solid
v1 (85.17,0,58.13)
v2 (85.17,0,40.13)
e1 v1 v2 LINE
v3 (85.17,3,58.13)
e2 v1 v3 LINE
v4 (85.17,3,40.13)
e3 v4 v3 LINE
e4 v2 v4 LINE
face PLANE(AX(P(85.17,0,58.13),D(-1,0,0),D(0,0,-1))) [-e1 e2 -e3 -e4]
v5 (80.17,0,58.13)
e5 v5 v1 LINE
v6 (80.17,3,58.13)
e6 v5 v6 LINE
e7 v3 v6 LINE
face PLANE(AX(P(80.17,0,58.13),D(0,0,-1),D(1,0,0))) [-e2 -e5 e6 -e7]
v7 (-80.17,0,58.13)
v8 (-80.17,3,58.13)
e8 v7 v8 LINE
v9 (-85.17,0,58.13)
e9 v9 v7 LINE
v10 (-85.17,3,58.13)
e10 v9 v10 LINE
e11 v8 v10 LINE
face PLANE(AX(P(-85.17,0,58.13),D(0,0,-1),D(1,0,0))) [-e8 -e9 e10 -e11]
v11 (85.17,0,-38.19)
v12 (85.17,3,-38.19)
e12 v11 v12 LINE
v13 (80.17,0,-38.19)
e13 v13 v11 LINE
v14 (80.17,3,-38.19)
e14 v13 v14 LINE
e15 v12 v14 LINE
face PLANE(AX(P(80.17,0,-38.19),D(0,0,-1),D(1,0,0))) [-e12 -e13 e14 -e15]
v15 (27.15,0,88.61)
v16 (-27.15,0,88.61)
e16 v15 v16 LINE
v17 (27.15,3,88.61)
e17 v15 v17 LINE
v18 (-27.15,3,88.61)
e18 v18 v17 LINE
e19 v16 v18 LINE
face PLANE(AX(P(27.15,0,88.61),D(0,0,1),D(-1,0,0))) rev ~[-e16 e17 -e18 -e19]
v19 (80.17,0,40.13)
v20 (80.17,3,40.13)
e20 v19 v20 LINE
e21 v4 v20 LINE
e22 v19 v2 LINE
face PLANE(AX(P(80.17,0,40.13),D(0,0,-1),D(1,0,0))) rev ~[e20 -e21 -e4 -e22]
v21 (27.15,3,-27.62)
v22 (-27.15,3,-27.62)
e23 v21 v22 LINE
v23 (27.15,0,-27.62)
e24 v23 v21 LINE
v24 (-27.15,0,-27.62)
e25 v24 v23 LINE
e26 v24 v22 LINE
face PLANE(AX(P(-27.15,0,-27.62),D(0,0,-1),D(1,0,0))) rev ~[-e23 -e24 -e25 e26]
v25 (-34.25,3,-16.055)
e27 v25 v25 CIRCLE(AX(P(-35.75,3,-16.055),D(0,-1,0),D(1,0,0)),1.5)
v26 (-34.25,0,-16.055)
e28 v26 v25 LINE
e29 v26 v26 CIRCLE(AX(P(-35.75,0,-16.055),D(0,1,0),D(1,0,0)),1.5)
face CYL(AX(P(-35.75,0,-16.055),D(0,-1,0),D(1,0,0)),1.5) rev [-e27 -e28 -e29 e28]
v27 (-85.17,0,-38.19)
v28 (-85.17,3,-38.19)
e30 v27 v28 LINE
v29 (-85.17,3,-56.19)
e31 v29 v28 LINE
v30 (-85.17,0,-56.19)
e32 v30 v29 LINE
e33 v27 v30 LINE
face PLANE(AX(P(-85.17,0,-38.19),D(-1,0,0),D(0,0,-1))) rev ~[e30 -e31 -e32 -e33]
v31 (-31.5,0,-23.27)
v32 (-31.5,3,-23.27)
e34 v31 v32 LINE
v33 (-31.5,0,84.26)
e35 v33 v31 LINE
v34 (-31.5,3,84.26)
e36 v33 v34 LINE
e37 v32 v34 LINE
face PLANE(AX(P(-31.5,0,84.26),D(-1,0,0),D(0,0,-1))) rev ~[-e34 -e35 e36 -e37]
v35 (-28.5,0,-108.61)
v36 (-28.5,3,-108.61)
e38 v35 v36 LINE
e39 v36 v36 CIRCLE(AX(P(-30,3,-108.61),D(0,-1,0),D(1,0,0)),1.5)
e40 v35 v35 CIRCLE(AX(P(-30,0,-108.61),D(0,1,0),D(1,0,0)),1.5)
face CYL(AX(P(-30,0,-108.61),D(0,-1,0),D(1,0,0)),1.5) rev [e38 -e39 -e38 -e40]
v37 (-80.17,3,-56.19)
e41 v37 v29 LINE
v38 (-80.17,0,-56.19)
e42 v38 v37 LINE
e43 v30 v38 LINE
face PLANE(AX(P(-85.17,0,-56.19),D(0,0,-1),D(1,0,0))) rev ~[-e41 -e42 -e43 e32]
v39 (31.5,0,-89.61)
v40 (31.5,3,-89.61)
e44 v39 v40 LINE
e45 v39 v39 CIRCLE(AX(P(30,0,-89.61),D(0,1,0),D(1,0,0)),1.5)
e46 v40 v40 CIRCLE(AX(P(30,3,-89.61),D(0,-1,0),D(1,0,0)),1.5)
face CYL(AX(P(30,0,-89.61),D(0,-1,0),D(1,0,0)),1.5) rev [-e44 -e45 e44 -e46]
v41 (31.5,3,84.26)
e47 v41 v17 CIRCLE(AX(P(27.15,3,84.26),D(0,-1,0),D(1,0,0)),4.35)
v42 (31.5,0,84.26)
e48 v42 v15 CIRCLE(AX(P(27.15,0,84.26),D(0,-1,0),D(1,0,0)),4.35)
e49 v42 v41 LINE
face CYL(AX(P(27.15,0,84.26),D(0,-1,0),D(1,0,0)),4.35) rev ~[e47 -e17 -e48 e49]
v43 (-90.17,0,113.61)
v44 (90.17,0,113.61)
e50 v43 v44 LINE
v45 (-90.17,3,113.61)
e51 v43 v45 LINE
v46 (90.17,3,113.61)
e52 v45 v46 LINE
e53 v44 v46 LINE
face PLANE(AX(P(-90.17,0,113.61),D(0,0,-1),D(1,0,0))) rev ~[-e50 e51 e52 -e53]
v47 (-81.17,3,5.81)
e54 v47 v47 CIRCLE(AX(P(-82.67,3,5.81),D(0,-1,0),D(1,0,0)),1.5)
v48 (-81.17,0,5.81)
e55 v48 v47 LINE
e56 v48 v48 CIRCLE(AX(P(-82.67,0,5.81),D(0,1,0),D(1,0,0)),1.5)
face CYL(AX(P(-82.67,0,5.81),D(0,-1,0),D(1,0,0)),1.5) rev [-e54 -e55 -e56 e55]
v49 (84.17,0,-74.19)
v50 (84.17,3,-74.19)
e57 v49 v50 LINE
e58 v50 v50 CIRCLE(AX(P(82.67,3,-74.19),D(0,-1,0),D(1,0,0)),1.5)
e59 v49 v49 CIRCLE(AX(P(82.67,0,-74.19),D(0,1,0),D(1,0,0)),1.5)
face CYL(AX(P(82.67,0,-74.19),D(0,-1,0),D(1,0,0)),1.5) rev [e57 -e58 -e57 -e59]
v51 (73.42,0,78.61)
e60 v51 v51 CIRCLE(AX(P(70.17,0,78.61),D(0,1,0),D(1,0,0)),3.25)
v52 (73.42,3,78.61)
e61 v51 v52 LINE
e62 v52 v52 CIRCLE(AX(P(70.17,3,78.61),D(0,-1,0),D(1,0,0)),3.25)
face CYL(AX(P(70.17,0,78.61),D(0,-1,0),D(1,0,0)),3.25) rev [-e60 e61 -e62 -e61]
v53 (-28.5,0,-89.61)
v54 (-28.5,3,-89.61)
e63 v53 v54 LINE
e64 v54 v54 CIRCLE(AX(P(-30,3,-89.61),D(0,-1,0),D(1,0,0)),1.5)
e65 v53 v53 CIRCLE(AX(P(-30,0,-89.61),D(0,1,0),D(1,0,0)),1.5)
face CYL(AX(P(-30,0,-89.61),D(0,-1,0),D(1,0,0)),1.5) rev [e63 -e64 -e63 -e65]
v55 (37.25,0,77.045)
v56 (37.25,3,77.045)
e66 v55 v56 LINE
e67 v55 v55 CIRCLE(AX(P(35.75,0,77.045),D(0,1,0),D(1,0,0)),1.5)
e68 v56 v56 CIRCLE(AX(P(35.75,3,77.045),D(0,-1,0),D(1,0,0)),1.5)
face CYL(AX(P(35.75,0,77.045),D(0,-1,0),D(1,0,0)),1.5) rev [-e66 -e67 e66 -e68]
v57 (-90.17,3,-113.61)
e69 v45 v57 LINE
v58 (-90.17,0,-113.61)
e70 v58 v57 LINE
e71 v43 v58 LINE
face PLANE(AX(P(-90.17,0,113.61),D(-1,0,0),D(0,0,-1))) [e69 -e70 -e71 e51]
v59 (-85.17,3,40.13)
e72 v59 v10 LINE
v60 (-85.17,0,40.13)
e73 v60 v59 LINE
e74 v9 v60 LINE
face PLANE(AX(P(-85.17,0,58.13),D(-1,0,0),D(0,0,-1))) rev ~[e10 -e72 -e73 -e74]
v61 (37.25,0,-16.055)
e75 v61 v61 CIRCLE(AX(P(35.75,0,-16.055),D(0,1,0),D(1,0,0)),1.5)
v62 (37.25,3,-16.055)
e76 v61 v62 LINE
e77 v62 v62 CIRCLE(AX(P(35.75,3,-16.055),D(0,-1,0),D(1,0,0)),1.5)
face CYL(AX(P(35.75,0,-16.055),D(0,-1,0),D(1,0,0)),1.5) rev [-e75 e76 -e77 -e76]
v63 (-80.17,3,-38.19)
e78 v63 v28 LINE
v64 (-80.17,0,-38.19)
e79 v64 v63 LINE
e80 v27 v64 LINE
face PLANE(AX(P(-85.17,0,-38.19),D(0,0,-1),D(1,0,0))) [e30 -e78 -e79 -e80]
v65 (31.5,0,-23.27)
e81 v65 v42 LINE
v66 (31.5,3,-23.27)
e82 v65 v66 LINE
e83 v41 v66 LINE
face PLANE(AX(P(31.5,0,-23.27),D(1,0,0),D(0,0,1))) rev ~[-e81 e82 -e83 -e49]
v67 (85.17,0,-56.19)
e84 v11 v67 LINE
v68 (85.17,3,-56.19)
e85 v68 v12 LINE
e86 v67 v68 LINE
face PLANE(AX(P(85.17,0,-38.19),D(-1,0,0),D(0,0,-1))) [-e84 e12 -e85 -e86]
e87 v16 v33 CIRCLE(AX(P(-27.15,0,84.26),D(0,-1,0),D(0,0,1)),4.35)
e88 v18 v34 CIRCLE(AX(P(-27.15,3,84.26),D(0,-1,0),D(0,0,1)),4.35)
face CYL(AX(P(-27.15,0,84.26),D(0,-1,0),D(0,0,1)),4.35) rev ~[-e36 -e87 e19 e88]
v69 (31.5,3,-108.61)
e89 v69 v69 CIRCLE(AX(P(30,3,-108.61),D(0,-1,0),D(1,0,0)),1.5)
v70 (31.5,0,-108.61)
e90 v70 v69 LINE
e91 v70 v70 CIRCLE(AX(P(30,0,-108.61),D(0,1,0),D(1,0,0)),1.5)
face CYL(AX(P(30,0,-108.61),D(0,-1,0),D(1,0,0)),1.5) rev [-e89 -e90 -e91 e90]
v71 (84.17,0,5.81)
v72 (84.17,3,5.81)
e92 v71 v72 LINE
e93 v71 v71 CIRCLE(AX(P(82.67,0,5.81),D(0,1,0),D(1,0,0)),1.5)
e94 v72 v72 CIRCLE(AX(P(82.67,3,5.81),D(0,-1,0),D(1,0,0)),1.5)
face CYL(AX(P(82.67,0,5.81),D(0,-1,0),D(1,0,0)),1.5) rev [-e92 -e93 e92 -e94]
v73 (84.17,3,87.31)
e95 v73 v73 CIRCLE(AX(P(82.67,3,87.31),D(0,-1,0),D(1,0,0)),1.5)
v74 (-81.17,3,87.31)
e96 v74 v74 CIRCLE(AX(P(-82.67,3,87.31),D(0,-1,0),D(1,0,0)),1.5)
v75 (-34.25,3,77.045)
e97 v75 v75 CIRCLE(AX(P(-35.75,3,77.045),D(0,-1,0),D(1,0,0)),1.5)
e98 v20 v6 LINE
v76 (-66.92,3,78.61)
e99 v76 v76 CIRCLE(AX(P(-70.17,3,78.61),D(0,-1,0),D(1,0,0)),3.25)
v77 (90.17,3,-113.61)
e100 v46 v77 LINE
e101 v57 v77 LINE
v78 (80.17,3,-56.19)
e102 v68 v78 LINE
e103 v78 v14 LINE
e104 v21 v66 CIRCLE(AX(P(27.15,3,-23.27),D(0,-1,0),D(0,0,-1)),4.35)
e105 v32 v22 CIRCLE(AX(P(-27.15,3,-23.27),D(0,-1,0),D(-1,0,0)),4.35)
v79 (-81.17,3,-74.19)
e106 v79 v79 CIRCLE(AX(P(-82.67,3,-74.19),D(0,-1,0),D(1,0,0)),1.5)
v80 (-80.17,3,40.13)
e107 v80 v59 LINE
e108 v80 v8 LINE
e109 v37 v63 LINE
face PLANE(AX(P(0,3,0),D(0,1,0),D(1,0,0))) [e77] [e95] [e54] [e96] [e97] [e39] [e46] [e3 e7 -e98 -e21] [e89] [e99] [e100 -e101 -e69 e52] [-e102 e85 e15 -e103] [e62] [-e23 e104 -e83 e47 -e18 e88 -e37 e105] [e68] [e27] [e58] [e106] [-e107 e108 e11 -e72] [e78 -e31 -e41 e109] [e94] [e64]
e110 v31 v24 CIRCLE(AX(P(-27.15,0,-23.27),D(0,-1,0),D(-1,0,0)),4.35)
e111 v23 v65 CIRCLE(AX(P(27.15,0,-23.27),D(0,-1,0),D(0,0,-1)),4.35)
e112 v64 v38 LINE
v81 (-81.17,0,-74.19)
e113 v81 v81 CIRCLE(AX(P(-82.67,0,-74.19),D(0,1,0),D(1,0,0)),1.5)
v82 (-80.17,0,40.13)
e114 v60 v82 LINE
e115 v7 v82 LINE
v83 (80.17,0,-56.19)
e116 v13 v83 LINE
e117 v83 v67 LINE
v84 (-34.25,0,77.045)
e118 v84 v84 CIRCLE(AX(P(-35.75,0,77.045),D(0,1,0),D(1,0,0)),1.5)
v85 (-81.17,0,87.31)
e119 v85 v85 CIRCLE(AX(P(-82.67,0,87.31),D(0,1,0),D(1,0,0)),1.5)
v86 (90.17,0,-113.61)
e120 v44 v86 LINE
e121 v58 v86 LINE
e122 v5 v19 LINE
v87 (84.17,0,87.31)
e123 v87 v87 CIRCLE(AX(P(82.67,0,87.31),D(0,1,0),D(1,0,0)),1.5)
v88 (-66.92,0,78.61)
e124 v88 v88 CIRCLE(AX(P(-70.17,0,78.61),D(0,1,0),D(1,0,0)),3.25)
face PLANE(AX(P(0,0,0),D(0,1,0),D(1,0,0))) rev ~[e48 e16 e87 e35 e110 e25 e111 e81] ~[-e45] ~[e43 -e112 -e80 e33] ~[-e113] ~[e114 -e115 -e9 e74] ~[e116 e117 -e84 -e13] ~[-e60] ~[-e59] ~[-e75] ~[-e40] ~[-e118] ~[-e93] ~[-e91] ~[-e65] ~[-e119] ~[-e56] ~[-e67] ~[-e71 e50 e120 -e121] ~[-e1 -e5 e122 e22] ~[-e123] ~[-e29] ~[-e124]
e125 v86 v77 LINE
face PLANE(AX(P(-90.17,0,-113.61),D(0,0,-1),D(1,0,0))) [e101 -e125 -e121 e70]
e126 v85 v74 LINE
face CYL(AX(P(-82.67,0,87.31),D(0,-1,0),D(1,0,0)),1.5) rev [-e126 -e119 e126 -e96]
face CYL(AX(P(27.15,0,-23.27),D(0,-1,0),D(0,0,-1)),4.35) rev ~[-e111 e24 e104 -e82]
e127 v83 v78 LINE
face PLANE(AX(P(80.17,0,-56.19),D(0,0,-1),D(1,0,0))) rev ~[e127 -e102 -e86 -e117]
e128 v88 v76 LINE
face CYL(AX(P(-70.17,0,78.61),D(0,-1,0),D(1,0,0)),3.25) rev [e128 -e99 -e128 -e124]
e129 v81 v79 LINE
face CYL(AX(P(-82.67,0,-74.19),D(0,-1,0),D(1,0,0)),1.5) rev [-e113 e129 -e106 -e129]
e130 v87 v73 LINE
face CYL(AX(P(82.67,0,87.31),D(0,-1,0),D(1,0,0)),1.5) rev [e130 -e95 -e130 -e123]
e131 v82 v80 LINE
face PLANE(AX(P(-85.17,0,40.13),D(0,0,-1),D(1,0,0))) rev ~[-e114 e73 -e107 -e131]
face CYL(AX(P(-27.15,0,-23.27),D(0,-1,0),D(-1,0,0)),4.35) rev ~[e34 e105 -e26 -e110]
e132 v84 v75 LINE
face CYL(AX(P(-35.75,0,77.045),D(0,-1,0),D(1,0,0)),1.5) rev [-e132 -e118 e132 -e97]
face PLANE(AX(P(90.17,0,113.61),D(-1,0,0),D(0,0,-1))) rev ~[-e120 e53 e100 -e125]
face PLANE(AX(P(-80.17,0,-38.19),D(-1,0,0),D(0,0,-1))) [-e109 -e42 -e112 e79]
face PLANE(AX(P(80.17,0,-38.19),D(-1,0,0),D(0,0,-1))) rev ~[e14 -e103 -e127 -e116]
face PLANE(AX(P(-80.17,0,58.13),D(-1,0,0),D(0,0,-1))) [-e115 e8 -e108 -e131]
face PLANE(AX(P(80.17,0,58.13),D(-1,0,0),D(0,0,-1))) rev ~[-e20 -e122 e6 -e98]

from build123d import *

# Parameters (mm, degrees)
SCHIZZO1_W                   = 180.34
SCHIZZO1_H                   = 227.22
ESTRUSIONE_ESTRUSIONE1_DEPTH = 3
SCHIZZO2_R                   = 1.5
SCHIZZO2_R_2                 = 3.25
SCHIZZO2_W                   = 5
SCHIZZO2_H                   = 18
TAGLIO_ESTRUSIONE1_DEPTH     = 4
SCHIZZO3_R                   = 1.5
TAGLIO_ESTRUSIONE5_DEPTH     = 4


with BuildPart() as part:
    # Schizzo1 → Estrusione-Estrusione1 (new body)
    with BuildSketch(Plane(origin=(0, 0, 0), x_dir=(1, 0, 0), z_dir=(0, 1, 0))):
        Rectangle(SCHIZZO1_W, SCHIZZO1_H)
    extrude(amount=ESTRUSIONE_ESTRUSIONE1_DEPTH)

    # Schizzo2 → Taglio-Estrusione1 (cut, through all)
    with BuildSketch(Plane(origin=(0, 0, 0), x_dir=(1, 0, 0), z_dir=(0, 1, 0))):
        with Locations((-82.67, -5.81)):
            Circle(SCHIZZO2_R)
        with Locations((-82.67, -87.31)):
            Circle(SCHIZZO2_R)
        with Locations((-82.67, 74.19)):
            Circle(SCHIZZO2_R)
        with Locations((82.67, -87.31)):
            Circle(SCHIZZO2_R)
        with Locations((82.67, -5.81)):
            Circle(SCHIZZO2_R)
        with Locations((82.67, 74.19)):
            Circle(SCHIZZO2_R)
        with Locations((-70.17, -78.61)):
            Circle(SCHIZZO2_R_2)
        with Locations((70.17, -78.61)):
            Circle(SCHIZZO2_R_2)
        with Locations((-30, 89.61)):
            Circle(SCHIZZO2_R)
        with Locations((-30, 108.61)):
            Circle(SCHIZZO2_R)
        with Locations((30, 89.61)):
            Circle(SCHIZZO2_R)
        with Locations((30, 108.61)):
            Circle(SCHIZZO2_R)
        with Locations((82.67, -49.13)):
            Rectangle(SCHIZZO2_W, SCHIZZO2_H)
        with Locations((-82.67, -49.13)):
            Rectangle(SCHIZZO2_W, SCHIZZO2_H)
        with Locations((-82.67, 47.19)):
            Rectangle(SCHIZZO2_W, SCHIZZO2_H)
        with Locations((82.67, 47.19)):
            Rectangle(SCHIZZO2_W, SCHIZZO2_H)
    extrude(amount=TAGLIO_ESTRUSIONE1_DEPTH, mode=Mode.SUBTRACT)

    # Schizzo3 → Taglio-Estrusione5 (cut, through all)
    with BuildSketch(Plane(origin=(0, 0, 0), x_dir=(1, 0, 0), z_dir=(0, 1, 0))):
        with Locations((-35.75, -77.045)):
            Circle(SCHIZZO3_R)
        with Locations((35.75, -77.045)):
            Circle(SCHIZZO3_R)
        with Locations((-35.75, 16.055)):
            Circle(SCHIZZO3_R)
        with Locations((35.75, 16.055)):
            Circle(SCHIZZO3_R)
        with BuildLine():
            Line((-31.5, -84.26), (-31.5, 23.27))
            ThreePointArc((-31.5, 23.27), (-30.225914498, 26.345914498), (-27.15, 27.62))
            Line((-27.15, 27.62), (27.15, 27.62))
            ThreePointArc((27.15, 27.62), (30.225914498, 26.345914498), (31.5, 23.27))
            Line((31.5, 23.27), (31.5, -84.26))
            ThreePointArc((31.5, -84.26), (30.225914498, -87.335914498), (27.15, -88.61))
            Line((27.15, -88.61), (-27.15, -88.61))
            ThreePointArc((-27.15, -88.61), (-30.225914498, -87.335914498), (-31.5, -84.26))
        make_face()
    extrude(amount=TAGLIO_ESTRUSIONE5_DEPTH, mode=Mode.SUBTRACT)


solid = part.part
